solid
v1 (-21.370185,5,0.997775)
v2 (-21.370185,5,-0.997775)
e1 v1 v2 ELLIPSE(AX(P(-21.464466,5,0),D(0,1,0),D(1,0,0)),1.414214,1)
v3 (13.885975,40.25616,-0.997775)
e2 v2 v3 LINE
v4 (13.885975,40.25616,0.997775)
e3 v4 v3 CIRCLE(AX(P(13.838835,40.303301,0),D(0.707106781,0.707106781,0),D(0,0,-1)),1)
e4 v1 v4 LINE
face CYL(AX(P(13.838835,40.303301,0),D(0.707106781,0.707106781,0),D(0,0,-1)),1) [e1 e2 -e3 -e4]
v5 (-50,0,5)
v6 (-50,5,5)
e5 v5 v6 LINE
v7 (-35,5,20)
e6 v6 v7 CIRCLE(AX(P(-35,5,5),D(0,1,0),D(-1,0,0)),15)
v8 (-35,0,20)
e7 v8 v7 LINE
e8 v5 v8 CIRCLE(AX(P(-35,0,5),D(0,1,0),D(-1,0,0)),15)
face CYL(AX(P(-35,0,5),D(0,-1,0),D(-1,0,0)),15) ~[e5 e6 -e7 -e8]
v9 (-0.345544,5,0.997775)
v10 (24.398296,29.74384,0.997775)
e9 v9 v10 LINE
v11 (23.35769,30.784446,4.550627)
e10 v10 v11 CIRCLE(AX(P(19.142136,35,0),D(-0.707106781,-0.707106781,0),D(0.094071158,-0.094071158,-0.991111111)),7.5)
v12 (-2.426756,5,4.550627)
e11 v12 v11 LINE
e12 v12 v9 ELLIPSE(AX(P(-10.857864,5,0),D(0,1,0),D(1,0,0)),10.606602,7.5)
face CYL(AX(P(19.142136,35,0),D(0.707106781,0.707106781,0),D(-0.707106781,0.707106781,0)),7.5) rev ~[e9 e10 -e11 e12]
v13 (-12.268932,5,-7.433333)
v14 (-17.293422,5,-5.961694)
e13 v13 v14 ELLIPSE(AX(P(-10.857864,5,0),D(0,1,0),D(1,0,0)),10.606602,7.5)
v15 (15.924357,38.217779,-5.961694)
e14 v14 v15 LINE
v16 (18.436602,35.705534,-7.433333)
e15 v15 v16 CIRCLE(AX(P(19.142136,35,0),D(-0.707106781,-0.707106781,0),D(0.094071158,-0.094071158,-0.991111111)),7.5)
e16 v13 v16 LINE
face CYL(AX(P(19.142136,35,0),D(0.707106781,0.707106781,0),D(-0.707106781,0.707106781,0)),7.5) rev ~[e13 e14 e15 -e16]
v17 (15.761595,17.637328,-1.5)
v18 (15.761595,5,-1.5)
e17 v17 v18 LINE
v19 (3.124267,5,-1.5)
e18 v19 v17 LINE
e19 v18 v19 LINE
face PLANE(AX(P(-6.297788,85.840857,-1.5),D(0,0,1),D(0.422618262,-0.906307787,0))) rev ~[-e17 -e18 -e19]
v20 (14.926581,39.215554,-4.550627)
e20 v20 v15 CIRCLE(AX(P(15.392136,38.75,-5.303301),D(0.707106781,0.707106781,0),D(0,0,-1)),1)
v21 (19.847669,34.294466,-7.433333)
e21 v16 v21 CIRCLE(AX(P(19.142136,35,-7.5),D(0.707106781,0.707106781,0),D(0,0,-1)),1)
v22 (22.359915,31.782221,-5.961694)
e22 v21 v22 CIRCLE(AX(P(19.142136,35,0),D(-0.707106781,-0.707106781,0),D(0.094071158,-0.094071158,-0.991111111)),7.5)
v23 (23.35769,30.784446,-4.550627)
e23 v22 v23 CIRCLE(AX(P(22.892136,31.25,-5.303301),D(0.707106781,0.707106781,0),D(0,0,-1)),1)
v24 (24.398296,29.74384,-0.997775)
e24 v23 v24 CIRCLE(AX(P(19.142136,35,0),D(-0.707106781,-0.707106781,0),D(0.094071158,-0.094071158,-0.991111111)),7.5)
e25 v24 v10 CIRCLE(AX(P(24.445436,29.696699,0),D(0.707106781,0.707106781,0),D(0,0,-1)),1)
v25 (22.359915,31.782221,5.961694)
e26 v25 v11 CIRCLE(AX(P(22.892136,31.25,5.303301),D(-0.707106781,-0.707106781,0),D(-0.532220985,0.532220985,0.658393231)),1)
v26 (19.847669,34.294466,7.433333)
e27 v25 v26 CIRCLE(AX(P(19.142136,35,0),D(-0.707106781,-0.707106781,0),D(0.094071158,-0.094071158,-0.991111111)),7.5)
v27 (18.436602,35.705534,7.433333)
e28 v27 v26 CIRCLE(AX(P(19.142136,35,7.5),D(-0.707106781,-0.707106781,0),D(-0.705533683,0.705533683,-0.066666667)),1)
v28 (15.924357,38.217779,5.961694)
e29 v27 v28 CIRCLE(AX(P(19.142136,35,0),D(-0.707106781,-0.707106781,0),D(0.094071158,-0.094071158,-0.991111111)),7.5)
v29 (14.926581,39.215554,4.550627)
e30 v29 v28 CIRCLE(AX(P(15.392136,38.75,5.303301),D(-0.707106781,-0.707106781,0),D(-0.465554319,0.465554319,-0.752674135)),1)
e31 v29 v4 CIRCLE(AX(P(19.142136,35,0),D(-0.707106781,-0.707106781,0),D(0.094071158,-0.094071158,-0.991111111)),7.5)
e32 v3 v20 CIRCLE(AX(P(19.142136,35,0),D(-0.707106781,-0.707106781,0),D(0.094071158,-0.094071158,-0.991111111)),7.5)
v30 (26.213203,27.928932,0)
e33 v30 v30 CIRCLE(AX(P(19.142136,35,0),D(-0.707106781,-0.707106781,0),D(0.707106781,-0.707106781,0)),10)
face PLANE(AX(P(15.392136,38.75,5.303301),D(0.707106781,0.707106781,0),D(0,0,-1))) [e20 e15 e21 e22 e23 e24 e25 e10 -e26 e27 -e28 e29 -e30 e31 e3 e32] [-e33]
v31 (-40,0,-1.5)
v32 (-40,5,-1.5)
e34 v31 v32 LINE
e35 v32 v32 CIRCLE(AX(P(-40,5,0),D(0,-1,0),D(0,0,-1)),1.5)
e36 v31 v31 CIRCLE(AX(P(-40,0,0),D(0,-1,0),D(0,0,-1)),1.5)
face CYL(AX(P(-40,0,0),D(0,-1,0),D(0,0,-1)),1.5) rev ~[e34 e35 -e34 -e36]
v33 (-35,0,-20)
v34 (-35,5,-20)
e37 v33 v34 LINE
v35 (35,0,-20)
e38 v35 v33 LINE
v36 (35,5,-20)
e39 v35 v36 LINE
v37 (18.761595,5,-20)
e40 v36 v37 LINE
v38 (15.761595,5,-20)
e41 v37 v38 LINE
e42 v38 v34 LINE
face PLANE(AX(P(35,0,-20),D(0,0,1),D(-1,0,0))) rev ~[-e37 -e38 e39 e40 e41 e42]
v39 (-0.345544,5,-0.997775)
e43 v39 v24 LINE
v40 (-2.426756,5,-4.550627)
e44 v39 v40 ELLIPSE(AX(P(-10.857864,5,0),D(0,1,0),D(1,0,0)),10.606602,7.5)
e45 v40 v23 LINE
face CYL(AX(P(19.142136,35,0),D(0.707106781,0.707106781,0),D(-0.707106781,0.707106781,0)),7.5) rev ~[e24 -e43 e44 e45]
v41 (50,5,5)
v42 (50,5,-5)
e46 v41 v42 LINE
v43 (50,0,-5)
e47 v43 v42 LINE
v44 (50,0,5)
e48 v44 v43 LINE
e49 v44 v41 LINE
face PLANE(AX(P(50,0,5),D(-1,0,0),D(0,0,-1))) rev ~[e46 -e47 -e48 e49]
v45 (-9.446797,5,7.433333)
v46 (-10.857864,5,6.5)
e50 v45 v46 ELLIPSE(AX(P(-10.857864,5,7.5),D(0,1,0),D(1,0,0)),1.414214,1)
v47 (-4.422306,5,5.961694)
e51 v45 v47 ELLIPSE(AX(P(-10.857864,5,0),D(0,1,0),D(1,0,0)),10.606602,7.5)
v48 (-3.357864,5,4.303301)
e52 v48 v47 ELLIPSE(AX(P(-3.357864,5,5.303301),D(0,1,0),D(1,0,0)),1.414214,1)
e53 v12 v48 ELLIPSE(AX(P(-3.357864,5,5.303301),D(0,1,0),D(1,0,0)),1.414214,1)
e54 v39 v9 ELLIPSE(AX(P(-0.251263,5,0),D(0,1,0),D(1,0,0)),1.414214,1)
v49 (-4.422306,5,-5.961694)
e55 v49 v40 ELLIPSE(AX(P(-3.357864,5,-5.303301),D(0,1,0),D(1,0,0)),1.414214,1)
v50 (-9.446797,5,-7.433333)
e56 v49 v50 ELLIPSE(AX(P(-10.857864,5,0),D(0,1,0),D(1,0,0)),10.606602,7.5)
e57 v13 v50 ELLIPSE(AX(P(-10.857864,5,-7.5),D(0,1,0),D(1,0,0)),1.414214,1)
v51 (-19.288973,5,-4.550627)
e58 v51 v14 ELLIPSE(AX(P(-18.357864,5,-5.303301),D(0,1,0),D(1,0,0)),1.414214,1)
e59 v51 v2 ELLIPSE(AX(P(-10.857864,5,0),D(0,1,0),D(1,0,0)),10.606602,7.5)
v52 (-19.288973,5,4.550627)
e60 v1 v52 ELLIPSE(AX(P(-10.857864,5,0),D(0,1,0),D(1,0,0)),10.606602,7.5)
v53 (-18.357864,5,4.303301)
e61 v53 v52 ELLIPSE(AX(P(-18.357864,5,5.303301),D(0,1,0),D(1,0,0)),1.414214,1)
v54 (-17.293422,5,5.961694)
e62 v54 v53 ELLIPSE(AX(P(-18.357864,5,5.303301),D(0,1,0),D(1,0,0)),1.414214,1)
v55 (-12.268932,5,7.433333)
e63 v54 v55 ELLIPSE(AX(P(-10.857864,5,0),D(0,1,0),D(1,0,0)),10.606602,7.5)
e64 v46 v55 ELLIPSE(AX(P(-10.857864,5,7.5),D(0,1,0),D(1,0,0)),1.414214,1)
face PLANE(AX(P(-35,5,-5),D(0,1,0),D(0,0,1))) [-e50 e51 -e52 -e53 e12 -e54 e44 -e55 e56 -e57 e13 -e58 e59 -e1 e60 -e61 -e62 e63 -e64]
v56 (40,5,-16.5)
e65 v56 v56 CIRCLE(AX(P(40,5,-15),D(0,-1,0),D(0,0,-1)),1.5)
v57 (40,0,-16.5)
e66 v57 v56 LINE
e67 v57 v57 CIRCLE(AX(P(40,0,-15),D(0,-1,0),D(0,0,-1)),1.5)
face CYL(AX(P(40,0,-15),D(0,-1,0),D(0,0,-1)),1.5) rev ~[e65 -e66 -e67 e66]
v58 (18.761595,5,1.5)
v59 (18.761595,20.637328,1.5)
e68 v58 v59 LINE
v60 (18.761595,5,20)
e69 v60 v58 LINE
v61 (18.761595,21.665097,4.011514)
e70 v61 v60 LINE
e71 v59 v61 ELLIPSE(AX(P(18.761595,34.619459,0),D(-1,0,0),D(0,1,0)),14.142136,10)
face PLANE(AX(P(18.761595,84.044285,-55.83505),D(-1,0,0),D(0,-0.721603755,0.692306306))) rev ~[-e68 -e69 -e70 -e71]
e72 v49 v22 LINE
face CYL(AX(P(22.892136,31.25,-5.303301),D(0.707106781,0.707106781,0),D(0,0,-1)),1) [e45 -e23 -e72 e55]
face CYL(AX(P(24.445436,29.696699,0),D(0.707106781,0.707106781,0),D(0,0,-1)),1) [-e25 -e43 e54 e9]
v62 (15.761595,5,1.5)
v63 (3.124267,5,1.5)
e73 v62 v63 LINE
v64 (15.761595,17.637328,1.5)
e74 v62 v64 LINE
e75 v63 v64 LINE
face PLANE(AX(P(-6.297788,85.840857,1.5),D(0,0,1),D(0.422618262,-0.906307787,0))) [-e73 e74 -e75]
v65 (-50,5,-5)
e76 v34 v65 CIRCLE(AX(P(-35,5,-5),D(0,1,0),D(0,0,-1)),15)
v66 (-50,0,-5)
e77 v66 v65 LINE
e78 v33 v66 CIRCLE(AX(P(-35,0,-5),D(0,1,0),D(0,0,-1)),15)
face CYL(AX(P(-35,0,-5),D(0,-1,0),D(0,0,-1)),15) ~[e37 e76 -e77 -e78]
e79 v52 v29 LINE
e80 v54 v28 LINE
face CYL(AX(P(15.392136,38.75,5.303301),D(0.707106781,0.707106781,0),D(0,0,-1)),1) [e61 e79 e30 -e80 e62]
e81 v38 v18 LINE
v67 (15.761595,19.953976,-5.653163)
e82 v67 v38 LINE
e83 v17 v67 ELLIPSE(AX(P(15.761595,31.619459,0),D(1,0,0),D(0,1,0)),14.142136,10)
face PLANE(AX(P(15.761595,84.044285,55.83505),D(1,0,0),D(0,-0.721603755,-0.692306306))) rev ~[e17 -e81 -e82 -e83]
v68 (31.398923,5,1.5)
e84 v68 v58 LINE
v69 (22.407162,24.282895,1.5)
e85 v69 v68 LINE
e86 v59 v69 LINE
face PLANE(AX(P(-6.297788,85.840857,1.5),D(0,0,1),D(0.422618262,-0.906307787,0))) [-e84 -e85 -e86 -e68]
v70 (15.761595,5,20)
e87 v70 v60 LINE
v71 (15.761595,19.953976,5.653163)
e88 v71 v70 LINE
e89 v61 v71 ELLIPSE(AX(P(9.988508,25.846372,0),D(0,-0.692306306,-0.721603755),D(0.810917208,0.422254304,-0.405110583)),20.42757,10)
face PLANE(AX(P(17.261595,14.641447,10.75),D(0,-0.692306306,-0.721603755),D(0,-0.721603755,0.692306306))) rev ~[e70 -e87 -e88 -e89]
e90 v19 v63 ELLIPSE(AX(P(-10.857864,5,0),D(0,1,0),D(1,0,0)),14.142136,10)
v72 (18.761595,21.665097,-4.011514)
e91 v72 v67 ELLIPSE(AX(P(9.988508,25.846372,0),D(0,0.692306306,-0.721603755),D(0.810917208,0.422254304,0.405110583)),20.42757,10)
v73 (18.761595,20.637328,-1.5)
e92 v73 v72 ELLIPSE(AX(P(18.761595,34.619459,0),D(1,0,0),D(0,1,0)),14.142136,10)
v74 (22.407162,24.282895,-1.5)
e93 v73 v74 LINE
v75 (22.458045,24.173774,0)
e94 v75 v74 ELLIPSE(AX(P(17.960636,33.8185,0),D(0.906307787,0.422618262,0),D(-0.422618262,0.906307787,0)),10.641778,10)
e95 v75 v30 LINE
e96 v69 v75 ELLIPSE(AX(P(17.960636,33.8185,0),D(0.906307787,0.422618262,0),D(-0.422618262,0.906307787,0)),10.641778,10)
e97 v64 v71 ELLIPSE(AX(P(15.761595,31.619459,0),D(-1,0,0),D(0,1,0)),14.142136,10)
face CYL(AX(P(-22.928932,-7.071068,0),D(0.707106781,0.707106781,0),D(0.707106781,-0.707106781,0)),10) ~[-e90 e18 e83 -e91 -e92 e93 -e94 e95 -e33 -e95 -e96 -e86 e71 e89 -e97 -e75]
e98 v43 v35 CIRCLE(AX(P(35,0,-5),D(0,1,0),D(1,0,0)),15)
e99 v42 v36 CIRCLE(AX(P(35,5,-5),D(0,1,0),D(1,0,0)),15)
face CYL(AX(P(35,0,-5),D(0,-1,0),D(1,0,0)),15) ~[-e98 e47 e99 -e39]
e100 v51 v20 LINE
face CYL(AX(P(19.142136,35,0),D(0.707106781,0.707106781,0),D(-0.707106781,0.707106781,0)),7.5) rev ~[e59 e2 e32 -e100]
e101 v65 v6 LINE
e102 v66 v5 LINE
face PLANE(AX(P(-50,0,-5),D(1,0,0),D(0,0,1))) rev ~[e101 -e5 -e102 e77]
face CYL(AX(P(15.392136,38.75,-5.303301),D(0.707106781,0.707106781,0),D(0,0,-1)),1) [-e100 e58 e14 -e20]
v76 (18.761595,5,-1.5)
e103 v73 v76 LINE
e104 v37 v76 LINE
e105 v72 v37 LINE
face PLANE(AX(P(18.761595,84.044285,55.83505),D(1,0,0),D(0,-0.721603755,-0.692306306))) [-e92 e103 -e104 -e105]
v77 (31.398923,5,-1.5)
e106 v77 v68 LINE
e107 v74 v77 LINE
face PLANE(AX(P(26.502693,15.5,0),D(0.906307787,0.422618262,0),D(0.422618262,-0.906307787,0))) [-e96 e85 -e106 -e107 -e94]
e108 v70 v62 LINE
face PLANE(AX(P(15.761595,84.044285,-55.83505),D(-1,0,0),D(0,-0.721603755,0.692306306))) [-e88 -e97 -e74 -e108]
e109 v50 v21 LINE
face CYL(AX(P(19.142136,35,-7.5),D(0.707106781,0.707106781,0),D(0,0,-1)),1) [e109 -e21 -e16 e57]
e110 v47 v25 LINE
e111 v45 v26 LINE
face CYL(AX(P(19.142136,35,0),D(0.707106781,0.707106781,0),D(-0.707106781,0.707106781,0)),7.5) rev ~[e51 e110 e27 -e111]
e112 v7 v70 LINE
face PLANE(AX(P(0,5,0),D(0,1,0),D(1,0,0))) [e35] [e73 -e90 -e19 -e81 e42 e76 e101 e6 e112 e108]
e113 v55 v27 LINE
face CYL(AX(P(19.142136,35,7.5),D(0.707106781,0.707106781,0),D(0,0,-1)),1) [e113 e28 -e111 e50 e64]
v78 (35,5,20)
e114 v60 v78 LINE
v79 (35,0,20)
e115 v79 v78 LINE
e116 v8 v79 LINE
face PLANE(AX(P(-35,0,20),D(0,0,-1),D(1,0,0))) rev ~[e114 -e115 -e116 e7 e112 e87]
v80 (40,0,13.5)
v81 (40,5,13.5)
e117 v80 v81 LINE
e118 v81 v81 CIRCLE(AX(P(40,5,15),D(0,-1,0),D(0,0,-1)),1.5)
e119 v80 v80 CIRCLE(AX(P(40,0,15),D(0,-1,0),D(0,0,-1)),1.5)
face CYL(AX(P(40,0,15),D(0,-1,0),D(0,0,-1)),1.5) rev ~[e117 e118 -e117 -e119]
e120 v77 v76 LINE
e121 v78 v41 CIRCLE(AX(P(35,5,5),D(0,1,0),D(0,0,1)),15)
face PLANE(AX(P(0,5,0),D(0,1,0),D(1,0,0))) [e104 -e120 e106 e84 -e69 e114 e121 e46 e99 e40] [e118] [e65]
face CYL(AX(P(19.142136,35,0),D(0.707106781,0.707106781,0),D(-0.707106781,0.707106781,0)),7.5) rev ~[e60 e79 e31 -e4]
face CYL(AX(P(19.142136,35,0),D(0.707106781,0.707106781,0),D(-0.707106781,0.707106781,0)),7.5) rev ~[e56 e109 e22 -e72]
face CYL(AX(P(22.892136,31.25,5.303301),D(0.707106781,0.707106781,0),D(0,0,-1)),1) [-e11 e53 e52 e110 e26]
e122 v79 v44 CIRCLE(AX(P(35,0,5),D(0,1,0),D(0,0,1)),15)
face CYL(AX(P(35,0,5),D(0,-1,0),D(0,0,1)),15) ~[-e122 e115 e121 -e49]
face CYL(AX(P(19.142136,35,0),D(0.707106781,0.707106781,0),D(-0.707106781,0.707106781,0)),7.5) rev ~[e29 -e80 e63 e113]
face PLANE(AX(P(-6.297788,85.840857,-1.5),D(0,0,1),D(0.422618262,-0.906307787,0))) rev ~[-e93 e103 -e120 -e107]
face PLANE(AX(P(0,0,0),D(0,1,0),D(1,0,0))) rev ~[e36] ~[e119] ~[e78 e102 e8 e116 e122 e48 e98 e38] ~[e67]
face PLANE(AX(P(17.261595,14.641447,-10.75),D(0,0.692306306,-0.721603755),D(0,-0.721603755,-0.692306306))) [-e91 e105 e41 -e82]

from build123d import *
from build123d.topology import SkipClean

# Parameters (mm, degrees)
BOSS_EXTRUDE1_DEPTH = 5
SKETCH3_W           = 36.405926788
SKETCH3_H           = 27.783470444
CUT_EXTRUDE1_DEPTH  = 36
CUT_EXTRUDE2_REACH  = 86.1
SKETCH4_R           = 7.5
BOSS_EXTRUDE2_REACH = 86.1
SKETCH5_R           = 1
RIB2_REACH          = 70.337
SKETCH6_WALL_W      = 155.225095754
SKETCH6_WALL_H      = 3
RIB3_REACH          = 83.817
SKETCH7_WALL_W      = 192.357197592
SKETCH7_WALL_H      = 3
RIB4_REACH          = 83.817
SKETCH9_WALL_W      = 192.357197592
SKETCH9_WALL_H      = 3
SKETCH10_R          = 1.5
CUT_EXTRUDE3_DEPTH  = 5


with BuildPart() as part:
    # Sketch1 → Boss-Extrude1 (new body)
    with BuildSketch(Plane(origin=(0, 0, 0), x_dir=(1, 0, 0), z_dir=(0, 1, 0))):
        with BuildLine():
            Line((35, 20), (-35, 20))
            ThreePointArc((-35, 20), (-45.606601718, 15.606601718), (-50, 5))
            Line((-50, 5), (-50, -5))
            ThreePointArc((-50, -5), (-45.606601718, -15.606601718), (-35, -20))
            Line((-35, -20), (35, -20))
            ThreePointArc((35, -20), (45.606601718, -15.606601718), (50, -5))
            Line((50, -5), (50, 5))
            ThreePointArc((50, 5), (45.606601718, 15.606601718), (35, 20))
        make_face()
    extrude(amount=BOSS_EXTRUDE1_DEPTH)

    # Sketch2 → Revolve2 (revolve)
    with SkipClean():  # the faces are left unmerged after this step: merging them gives an invalid solid
        with BuildSketch(Plane.XY, mode=Mode.PRIVATE) as revolve2_sk:
            Polygon((-30, 0), (12.071067812, 42.071067812), (19.142135624, 35), (-15.857864376, 0), align=None)
        revolve(revolve2_sk.sketch.rotate(Axis((19.142135624, 35, 0), (-0.7071067811865515, -0.7071067811865436, 0)), 180), axis=Axis((19.142135624, 35, 0), (-0.7071067811865515, -0.7071067811865436, 0)))

    # Sketch3 → Cut-Extrude1 (cut)
    with BuildSketch(Plane.XZ):
        with Locations((-14.157860418, 0)):
            Rectangle(SKETCH3_W, SKETCH3_H)
    extrude(amount=CUT_EXTRUDE1_DEPTH, mode=Mode.SUBTRACT)

    # Cut-Extrude2: up to this plane
    cut_extrude2_end = Plane(origin=(-35, 5, -5), z_dir=(0, 1, 0))
    # Sketch4 → Cut-Extrude2 (cut, up to the surface)
    with BuildSketch(Plane(origin=(27.071067812, 27.071067812, 0), x_dir=(0, 0, -1), z_dir=(0.7071067811865513, 0.7071067811865438, 0)), mode=Mode.PRIVATE) as cut_extrude2_sk1:
        with Locations(Location((0, 11.213203436, 0), (0, 0, 90))):
            Circle(SKETCH4_R)
    cut_extrude2_tool1 = split(extrude(cut_extrude2_sk1.sketch, amount=-CUT_EXTRUDE2_REACH, mode=Mode.PRIVATE), bisect_by=cut_extrude2_end, keep=Keep.BOTH, mode=Mode.PRIVATE)
    add(cut_extrude2_tool1.solids().sort_by_distance((19.142136, 35, 0))[0], mode=Mode.SUBTRACT)

    # Boss-Extrude2: up to this plane
    boss_extrude2_end = Plane(origin=(-35, 5, -5), z_dir=(0, 1, 0))
    # Sketch5 → Boss-Extrude2 (add, up to the surface)
    with BuildSketch(Plane(origin=(27.071067812, 27.071067812, 0), x_dir=(0, 0, -1), z_dir=(0.7071067811865513, 0.7071067811865438, 0)), mode=Mode.PRIVATE) as boss_extrude2_sk1:
        with Locations((7.5, 11.213203436)):
            Circle(SKETCH5_R)
    boss_extrude2_tool1 = split(extrude(boss_extrude2_sk1.sketch, amount=-BOSS_EXTRUDE2_REACH, mode=Mode.PRIVATE), bisect_by=boss_extrude2_end, keep=Keep.BOTH, mode=Mode.PRIVATE)
    add(boss_extrude2_tool1.solids().sort_by_distance((19.142136, 35, -7.5))[0])
    # Sketch5 → Boss-Extrude2 (add, up to the surface)
    with BuildSketch(Plane(origin=(27.071067812, 27.071067812, 0), x_dir=(0, 0, -1), z_dir=(0.7071067811865513, 0.7071067811865438, 0)), mode=Mode.PRIVATE) as boss_extrude2_sk2:
        with Locations((5.303300859, 5.909902577)):
            Circle(SKETCH5_R)
    boss_extrude2_tool2 = split(extrude(boss_extrude2_sk2.sketch, amount=-BOSS_EXTRUDE2_REACH, mode=Mode.PRIVATE), bisect_by=boss_extrude2_end, keep=Keep.BOTH, mode=Mode.PRIVATE)
    add(boss_extrude2_tool2.solids().sort_by_distance((22.892136, 31.25, -5.303301))[0])
    # Sketch5 → Boss-Extrude2 (add, up to the surface)
    with BuildSketch(Plane(origin=(27.071067812, 27.071067812, 0), x_dir=(0, 0, -1), z_dir=(0.7071067811865513, 0.7071067811865438, 0)), mode=Mode.PRIVATE) as boss_extrude2_sk3:
        with Locations((0, 3.713203436)):
            Circle(SKETCH5_R)
    boss_extrude2_tool3 = split(extrude(boss_extrude2_sk3.sketch, amount=-BOSS_EXTRUDE2_REACH, mode=Mode.PRIVATE), bisect_by=boss_extrude2_end, keep=Keep.BOTH, mode=Mode.PRIVATE)
    add(boss_extrude2_tool3.solids().sort_by_distance((24.445436, 29.696699, 0))[0])
    # Sketch5 → Boss-Extrude2 (add, up to the surface)
    with BuildSketch(Plane(origin=(27.071067812, 27.071067812, 0), x_dir=(0, 0, -1), z_dir=(0.7071067811865513, 0.7071067811865438, 0)), mode=Mode.PRIVATE) as boss_extrude2_sk4:
        with Locations((-5.303300859, 5.909902577)):
            Circle(SKETCH5_R)
    boss_extrude2_tool4 = split(extrude(boss_extrude2_sk4.sketch, amount=-BOSS_EXTRUDE2_REACH, mode=Mode.PRIVATE), bisect_by=boss_extrude2_end, keep=Keep.BOTH, mode=Mode.PRIVATE)
    add(boss_extrude2_tool4.solids().sort_by_distance((22.892136, 31.25, 5.303301))[0])
    # Sketch5 → Boss-Extrude2 (add, up to the surface)
    with BuildSketch(Plane(origin=(27.071067812, 27.071067812, 0), x_dir=(0, 0, -1), z_dir=(0.7071067811865513, 0.7071067811865438, 0)), mode=Mode.PRIVATE) as boss_extrude2_sk5:
        with Locations((-7.5, 11.213203436)):
            Circle(SKETCH5_R)
    boss_extrude2_tool5 = split(extrude(boss_extrude2_sk5.sketch, amount=-BOSS_EXTRUDE2_REACH, mode=Mode.PRIVATE), bisect_by=boss_extrude2_end, keep=Keep.BOTH, mode=Mode.PRIVATE)
    add(boss_extrude2_tool5.solids().sort_by_distance((19.142136, 35, 7.5))[0])
    # Sketch5 → Boss-Extrude2 (add, up to the surface)
    with BuildSketch(Plane(origin=(27.071067812, 27.071067812, 0), x_dir=(0, 0, -1), z_dir=(0.7071067811865513, 0.7071067811865438, 0)), mode=Mode.PRIVATE) as boss_extrude2_sk6:
        with Locations((-5.303300859, 16.516504294)):
            Circle(SKETCH5_R)
    boss_extrude2_tool6 = split(extrude(boss_extrude2_sk6.sketch, amount=-BOSS_EXTRUDE2_REACH, mode=Mode.PRIVATE), bisect_by=boss_extrude2_end, keep=Keep.BOTH, mode=Mode.PRIVATE)
    add(boss_extrude2_tool6.solids().sort_by_distance((15.392136, 38.75, 5.303301))[0])
    # Sketch5 → Boss-Extrude2 (add, up to the surface)
    with BuildSketch(Plane(origin=(27.071067812, 27.071067812, 0), x_dir=(0, 0, -1), z_dir=(0.7071067811865513, 0.7071067811865438, 0)), mode=Mode.PRIVATE) as boss_extrude2_sk7:
        with Locations((0, 18.713203436)):
            Circle(SKETCH5_R)
    boss_extrude2_tool7 = split(extrude(boss_extrude2_sk7.sketch, amount=-BOSS_EXTRUDE2_REACH, mode=Mode.PRIVATE), bisect_by=boss_extrude2_end, keep=Keep.BOTH, mode=Mode.PRIVATE)
    add(boss_extrude2_tool7.solids().sort_by_distance((13.838835, 40.303301, 0))[0])
    # Sketch5 → Boss-Extrude2 (add, up to the surface)
    with BuildSketch(Plane(origin=(27.071067812, 27.071067812, 0), x_dir=(0, 0, -1), z_dir=(0.7071067811865513, 0.7071067811865438, 0)), mode=Mode.PRIVATE) as boss_extrude2_sk8:
        with Locations((5.303300859, 16.516504294)):
            Circle(SKETCH5_R)
    boss_extrude2_tool8 = split(extrude(boss_extrude2_sk8.sketch, amount=-BOSS_EXTRUDE2_REACH, mode=Mode.PRIVATE), bisect_by=boss_extrude2_end, keep=Keep.BOTH, mode=Mode.PRIVATE)
    add(boss_extrude2_tool8.solids().sort_by_distance((15.392136, 38.75, -5.303301))[0])

    # Sketch6 wall → Rib2 (add, up to next)
    with BuildSketch(Plane(origin=(26.502692564, 15.5, 0), x_dir=(0.422618261725, -0.906307787044, 0), z_dir=(0.906307787044, 0.422618261725, 0)), mode=Mode.PRIVATE) as rib2_sk1:
        Rectangle(SKETCH6_WALL_W, SKETCH6_WALL_H)
    rib2_tool1 = extrude(rib2_sk1.sketch, amount=-RIB2_REACH, mode=Mode.PRIVATE) - part.part
    add(rib2_tool1.solids().sort_by_distance((26.502692564, 15.5, 0))[0])

    # Sketch7 wall → Rib3 (add, up to next)
    with BuildSketch(Plane(origin=(17.261595026, 14.641447257, 10.75), x_dir=(0, -0.721603754863, 0.69230630574), z_dir=(0, -0.69230630574, -0.721603754863)), mode=Mode.PRIVATE) as rib3_sk1:
        Rectangle(SKETCH7_WALL_W, SKETCH7_WALL_H)
    rib3_tool1 = extrude(rib3_sk1.sketch, amount=RIB3_REACH, mode=Mode.PRIVATE) - part.part
    add(rib3_tool1.solids().sort_by_distance((17.261595026, 14.641447257, 10.75))[0])

    # Sketch9 wall → Rib4 (add, up to next)
    with BuildSketch(Plane(origin=(17.261595026, 14.641447257, -10.75), x_dir=(0, -0.721603754863, -0.69230630574), z_dir=(0, 0.69230630574, -0.721603754863)), mode=Mode.PRIVATE) as rib4_sk1:
        Rectangle(SKETCH9_WALL_W, SKETCH9_WALL_H)
    rib4_tool1 = extrude(rib4_sk1.sketch, amount=-RIB4_REACH, mode=Mode.PRIVATE) - part.part
    add(rib4_tool1.solids().sort_by_distance((17.261595026, 14.641447257, -10.75))[0])

    # Sketch10 → Cut-Extrude3 (cut)
    with BuildSketch(Plane.XZ):
        with Locations(Location((-40, 0, 0), (0, 0, 270))):
            Circle(SKETCH10_R)
        with Locations(Location((40, 15, 0), (0, 0, 270))):
            Circle(SKETCH10_R)
        with Locations(Location((40, -15, 0), (0, 0, 270))):
            Circle(SKETCH10_R)
    extrude(amount=-CUT_EXTRUDE3_DEPTH, mode=Mode.SUBTRACT)


solid = part.part
